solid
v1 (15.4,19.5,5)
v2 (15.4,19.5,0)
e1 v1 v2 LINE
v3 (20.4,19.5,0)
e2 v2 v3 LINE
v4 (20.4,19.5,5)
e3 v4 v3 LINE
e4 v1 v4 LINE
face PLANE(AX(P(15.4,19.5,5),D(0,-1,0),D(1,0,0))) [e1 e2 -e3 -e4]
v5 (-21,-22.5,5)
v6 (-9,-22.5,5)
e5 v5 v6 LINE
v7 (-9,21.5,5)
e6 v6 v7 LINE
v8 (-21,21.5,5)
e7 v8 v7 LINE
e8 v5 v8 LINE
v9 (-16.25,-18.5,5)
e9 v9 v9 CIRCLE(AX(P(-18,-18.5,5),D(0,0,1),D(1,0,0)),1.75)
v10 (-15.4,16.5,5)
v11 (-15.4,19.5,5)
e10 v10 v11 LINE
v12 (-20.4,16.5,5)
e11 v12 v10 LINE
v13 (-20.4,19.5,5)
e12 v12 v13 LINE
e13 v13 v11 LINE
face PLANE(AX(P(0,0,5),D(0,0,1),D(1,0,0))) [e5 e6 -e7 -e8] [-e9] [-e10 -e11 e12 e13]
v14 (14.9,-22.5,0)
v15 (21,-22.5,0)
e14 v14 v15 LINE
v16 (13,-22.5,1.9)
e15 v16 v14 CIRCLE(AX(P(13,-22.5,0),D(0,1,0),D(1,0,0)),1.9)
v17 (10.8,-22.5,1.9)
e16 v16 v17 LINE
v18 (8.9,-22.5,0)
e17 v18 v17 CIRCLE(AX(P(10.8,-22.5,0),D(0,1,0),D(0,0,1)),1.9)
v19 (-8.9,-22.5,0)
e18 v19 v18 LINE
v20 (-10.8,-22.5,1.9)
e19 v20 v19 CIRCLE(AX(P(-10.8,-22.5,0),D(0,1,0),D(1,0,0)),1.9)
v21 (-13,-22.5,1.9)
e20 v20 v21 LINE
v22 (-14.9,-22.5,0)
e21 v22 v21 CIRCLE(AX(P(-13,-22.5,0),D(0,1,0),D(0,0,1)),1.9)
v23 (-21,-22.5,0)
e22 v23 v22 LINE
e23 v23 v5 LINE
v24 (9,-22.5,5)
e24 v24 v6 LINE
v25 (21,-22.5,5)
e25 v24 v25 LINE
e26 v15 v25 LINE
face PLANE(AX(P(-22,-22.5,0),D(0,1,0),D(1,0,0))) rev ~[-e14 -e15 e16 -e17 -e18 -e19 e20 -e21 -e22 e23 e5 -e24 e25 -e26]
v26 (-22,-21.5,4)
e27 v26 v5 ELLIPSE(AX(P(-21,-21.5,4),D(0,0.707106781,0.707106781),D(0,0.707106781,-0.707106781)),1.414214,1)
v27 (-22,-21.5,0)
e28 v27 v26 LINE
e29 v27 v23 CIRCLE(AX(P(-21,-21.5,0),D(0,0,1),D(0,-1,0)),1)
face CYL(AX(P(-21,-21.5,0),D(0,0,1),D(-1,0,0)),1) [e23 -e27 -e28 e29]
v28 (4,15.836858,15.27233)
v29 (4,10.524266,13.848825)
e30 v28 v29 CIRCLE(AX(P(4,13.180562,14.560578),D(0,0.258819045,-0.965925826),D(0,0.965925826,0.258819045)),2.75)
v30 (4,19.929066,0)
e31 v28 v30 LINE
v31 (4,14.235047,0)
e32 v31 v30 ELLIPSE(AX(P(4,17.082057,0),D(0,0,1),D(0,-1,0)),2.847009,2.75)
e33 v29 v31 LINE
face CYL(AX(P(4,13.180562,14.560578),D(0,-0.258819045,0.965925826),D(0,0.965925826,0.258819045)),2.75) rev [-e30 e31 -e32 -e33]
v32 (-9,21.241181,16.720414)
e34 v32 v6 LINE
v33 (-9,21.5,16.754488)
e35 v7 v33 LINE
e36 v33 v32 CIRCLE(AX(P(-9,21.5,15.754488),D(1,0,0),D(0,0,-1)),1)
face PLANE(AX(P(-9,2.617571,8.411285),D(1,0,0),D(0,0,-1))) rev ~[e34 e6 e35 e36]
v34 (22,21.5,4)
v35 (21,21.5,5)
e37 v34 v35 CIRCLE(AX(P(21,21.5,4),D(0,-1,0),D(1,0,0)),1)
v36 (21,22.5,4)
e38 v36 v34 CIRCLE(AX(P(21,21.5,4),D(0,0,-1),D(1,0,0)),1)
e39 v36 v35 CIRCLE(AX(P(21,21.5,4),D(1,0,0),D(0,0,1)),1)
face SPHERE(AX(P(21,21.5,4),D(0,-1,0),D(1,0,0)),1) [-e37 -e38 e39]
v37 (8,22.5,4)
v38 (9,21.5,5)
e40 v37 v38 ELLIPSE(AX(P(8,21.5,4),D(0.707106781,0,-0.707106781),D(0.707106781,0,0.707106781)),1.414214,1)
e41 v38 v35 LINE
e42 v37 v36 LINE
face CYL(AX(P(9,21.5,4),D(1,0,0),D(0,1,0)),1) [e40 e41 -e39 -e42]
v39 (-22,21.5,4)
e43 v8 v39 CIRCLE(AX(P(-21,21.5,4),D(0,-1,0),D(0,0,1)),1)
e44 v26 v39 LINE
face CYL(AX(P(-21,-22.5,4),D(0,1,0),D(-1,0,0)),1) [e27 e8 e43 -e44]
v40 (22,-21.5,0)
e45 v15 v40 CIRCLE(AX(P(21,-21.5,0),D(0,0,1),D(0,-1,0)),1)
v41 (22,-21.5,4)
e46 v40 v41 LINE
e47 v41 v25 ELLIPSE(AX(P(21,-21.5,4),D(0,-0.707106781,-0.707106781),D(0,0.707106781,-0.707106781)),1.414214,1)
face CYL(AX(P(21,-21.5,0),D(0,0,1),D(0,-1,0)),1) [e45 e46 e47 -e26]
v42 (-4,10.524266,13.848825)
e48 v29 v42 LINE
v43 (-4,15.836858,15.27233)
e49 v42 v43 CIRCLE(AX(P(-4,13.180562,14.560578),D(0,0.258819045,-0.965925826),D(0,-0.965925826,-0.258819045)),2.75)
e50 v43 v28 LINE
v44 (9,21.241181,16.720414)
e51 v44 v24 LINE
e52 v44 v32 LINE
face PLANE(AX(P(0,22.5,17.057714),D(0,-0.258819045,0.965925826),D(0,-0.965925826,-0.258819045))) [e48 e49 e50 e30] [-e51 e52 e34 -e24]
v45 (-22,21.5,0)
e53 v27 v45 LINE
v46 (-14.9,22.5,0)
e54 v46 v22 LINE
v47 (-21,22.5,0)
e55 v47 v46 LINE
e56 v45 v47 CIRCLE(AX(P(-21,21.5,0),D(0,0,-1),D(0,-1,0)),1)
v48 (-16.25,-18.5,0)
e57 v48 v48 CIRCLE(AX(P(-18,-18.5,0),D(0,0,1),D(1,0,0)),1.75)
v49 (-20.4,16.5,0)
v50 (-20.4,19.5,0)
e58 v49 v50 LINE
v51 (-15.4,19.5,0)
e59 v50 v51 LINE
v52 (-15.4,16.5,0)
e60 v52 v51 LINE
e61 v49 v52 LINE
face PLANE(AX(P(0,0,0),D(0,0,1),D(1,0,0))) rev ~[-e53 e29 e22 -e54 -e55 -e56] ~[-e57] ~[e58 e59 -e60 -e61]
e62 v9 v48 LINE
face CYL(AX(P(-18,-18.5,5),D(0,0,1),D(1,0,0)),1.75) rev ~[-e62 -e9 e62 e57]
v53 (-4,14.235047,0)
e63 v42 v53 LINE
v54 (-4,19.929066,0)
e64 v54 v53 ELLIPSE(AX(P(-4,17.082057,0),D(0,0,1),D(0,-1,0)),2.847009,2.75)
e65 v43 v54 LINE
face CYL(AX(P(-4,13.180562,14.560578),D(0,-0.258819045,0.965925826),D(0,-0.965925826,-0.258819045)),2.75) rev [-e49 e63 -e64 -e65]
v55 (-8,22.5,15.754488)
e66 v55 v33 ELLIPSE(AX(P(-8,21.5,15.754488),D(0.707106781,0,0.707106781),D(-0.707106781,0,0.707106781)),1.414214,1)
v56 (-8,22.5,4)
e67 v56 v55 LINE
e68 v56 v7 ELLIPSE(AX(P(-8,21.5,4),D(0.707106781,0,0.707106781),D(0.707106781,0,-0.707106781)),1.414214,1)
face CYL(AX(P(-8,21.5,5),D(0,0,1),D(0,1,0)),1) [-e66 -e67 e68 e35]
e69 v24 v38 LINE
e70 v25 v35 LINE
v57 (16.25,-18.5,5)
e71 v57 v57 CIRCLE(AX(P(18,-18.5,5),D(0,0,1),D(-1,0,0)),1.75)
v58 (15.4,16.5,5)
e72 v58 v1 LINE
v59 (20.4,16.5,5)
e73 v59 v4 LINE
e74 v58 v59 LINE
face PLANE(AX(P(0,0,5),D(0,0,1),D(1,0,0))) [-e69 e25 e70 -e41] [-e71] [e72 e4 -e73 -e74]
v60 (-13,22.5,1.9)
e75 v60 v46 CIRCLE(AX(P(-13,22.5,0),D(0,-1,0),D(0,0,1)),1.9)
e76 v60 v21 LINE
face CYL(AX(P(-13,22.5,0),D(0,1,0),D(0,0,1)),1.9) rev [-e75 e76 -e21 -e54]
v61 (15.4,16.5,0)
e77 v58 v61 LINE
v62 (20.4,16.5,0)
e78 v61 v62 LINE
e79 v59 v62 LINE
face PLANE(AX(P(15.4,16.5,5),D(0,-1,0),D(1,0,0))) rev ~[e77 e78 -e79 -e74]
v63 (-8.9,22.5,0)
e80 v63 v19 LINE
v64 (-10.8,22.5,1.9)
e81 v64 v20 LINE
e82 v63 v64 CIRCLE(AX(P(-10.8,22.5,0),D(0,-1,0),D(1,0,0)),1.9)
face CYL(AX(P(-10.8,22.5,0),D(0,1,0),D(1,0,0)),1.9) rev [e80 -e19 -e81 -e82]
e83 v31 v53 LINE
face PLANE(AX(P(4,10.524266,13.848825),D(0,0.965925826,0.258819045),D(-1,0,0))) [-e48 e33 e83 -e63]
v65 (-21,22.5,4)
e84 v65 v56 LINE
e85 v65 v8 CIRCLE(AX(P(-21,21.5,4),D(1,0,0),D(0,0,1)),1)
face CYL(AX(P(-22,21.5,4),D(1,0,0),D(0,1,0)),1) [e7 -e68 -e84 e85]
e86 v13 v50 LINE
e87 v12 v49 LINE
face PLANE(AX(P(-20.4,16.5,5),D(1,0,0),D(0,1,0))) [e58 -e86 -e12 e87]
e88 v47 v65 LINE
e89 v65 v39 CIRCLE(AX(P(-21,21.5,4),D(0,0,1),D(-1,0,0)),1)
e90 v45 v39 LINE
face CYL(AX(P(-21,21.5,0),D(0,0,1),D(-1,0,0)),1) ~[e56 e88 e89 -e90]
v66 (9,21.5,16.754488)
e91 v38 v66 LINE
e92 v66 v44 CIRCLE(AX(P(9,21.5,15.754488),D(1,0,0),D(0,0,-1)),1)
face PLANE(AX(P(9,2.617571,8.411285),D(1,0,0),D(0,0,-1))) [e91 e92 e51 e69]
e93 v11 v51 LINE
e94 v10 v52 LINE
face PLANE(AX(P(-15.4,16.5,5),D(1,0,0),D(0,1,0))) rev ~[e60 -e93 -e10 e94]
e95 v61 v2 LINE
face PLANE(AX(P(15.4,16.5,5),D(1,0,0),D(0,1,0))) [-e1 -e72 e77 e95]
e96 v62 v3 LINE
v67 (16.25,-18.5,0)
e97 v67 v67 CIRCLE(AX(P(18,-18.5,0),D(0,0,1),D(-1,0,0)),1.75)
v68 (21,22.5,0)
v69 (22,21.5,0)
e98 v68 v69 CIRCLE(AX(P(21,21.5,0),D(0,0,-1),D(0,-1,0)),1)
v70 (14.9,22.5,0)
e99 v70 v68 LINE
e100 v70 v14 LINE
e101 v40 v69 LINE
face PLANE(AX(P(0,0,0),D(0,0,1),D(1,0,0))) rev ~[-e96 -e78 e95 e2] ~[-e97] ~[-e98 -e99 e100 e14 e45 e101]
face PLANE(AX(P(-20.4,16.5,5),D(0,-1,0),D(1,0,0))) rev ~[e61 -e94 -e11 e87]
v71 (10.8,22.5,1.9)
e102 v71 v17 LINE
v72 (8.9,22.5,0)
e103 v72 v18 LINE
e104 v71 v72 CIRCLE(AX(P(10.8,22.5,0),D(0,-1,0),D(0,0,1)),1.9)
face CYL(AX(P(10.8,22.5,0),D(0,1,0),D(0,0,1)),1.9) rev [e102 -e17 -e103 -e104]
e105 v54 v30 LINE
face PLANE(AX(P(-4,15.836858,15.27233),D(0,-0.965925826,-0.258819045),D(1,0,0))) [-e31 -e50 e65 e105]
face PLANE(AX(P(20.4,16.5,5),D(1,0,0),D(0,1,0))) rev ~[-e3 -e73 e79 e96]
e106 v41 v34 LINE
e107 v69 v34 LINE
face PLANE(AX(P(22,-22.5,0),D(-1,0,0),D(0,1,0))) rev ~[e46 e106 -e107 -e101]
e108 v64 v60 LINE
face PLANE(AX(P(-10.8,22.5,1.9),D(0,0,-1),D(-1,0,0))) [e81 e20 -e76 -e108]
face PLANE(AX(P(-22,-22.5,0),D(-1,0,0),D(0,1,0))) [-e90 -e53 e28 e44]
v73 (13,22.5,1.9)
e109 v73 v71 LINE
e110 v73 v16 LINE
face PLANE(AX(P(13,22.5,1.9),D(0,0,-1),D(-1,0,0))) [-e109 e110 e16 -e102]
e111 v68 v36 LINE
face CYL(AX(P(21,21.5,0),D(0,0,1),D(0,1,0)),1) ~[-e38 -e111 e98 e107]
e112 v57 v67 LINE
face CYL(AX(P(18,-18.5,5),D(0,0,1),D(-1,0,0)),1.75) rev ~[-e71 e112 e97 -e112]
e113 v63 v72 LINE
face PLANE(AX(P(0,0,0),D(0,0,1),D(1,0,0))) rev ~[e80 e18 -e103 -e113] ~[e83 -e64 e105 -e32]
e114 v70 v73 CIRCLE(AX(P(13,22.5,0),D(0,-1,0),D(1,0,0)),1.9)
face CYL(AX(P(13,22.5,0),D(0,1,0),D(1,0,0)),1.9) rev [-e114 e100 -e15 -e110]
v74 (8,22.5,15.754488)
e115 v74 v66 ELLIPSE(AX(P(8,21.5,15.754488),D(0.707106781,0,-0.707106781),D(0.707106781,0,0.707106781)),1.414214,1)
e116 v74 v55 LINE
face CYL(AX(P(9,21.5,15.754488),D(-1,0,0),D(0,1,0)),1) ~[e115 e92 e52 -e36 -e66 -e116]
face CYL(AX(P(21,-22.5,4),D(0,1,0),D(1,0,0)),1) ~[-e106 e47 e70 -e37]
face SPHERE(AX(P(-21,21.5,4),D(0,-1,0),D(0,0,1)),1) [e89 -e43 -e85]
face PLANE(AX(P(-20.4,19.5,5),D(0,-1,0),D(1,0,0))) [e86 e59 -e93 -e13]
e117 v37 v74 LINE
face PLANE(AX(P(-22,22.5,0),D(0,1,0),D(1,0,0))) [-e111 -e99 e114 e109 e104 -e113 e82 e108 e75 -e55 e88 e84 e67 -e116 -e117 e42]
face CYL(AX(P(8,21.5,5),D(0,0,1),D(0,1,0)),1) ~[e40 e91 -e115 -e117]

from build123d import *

# Parameters (mm, degrees)
SKETCH1_W                           = 44
SKETCH1_H                           = 45
BASE_DEPTH                          = 5
WIRE_GROOVES_DEPTH                  = 51.338851795
SLANTED_START                       = -22
SLANTED_SCREW_PLATFORM_DEPTH        = 9
MOUNTING_HOLE_SCREW_INSERTION_DEPTH = 36.040152348
SKETCH6_W                           = 5
SKETCH6_H                           = 3
ZIP_TIE_SLOTS_DEPTH                 = 34.699235283
SKETCH7_R                           = 1.75
MOUNT_CLAMPING_HOLES_DEPTH          = 34.699235283
EDGE_FILLETS_R                      = 1


with BuildPart() as part:
    # Sketch1 → Base (new body)
    with BuildSketch(Plane.XY):
        Rectangle(SKETCH1_W, SKETCH1_H)
    extrude(amount=BASE_DEPTH)

    # Sketch2 → Wire Grooves (cut, through all)
    with BuildSketch(Plane(origin=(0, 22.5, 0), x_dir=(1, 0, 0), z_dir=(0, 1, 0))):
        with BuildLine():
            Line((-14.9, 0), (-8.9, 0))
            ThreePointArc((-8.9, 0), (-9.456497116, -1.343502884), (-10.8, -1.9))
            Line((-10.8, -1.9), (-13, -1.9))
            ThreePointArc((-13, -1.9), (-14.343502884, -1.343502884), (-14.9, 0))
        make_face()
        with BuildLine():
            Line((13, -1.9), (10.8, -1.9))
            ThreePointArc((10.8, -1.9), (9.456497116, -1.343502884), (8.9, 0))
            Line((8.9, 0), (14.9, 0))
            ThreePointArc((14.9, 0), (14.343502884, -1.343502884), (13, -1.9))
        make_face()
    extrude(amount=-WIRE_GROOVES_DEPTH, mode=Mode.SUBTRACT)

    # Sketch4 → Slanted Screw Platform (add, symmetric)
    with BuildSketch(Plane(origin=(22, 0, 0), x_dir=(0, 0, -1), z_dir=(1, 0, 0)).offset(SLANTED_START)):
        Polygon((-5, -22.5), (-5, 22.5), (-17.057713659, 22.5), align=None)
    extrude(amount=SLANTED_SCREW_PLATFORM_DEPTH, both=True)

    # Sketch5 → Mounting Hole Screw Insertion (cut, through all)
    with BuildSketch(Plane(origin=(0, -2.757214207, 10.290063509), x_dir=(1, 0, 0), z_dir=(0, -0.2588190451025216, 0.9659258262890681))):
        with BuildLine():
            Line((-4, 19.25), (4, 19.25))
            ThreePointArc((4, 19.25), (6.75, 16.5), (4, 13.75))
            Line((4, 13.75), (-4, 13.75))
            ThreePointArc((-4, 13.75), (-6.75, 16.5), (-4, 19.25))
        make_face()
    extrude(amount=-MOUNTING_HOLE_SCREW_INSERTION_DEPTH, mode=Mode.SUBTRACT)

    # Sketch6 → Zip Tie Slots (cut, through all)
    with BuildSketch(Plane.XY.offset(5)):
        with Locations((-17.9, 18)):
            Rectangle(SKETCH6_W, SKETCH6_H)
        with Locations((17.9, 18)):
            Rectangle(SKETCH6_W, SKETCH6_H)
    extrude(amount=-ZIP_TIE_SLOTS_DEPTH, mode=Mode.SUBTRACT)

    # Sketch7 → Mount Clamping Holes (cut, through all)
    with BuildSketch(Plane.XY.offset(5)):
        with Locations((-18, -18.5)):
            Circle(SKETCH7_R)
        with Locations(Location((18, -18.5, 0), (0, 0, 180))):
            Circle(SKETCH7_R)
    extrude(amount=-MOUNT_CLAMPING_HOLES_DEPTH, mode=Mode.SUBTRACT)

    # Edge Fillets
    edge_fillets_edges = [part.edges().sort_by_distance(p)[0] for p in [
        (-22, 0, 5),
        (-15.5, 22.5, 5),
        (-9, 22.5, 11.02885683),
        (0, 22.5, 17.057713659),
        (22, 0, 5),
        (9, 22.5, 11.02885683),
        (22, -22.5, 2.5),
        (-22, -22.5, 2.5),
        (-22, 22.5, 2.5),
        (22, 22.5, 2.5),
        (15.5, 22.5, 5),
    ]]
    fillet(edge_fillets_edges, radius=EDGE_FILLETS_R)


solid = part.part
